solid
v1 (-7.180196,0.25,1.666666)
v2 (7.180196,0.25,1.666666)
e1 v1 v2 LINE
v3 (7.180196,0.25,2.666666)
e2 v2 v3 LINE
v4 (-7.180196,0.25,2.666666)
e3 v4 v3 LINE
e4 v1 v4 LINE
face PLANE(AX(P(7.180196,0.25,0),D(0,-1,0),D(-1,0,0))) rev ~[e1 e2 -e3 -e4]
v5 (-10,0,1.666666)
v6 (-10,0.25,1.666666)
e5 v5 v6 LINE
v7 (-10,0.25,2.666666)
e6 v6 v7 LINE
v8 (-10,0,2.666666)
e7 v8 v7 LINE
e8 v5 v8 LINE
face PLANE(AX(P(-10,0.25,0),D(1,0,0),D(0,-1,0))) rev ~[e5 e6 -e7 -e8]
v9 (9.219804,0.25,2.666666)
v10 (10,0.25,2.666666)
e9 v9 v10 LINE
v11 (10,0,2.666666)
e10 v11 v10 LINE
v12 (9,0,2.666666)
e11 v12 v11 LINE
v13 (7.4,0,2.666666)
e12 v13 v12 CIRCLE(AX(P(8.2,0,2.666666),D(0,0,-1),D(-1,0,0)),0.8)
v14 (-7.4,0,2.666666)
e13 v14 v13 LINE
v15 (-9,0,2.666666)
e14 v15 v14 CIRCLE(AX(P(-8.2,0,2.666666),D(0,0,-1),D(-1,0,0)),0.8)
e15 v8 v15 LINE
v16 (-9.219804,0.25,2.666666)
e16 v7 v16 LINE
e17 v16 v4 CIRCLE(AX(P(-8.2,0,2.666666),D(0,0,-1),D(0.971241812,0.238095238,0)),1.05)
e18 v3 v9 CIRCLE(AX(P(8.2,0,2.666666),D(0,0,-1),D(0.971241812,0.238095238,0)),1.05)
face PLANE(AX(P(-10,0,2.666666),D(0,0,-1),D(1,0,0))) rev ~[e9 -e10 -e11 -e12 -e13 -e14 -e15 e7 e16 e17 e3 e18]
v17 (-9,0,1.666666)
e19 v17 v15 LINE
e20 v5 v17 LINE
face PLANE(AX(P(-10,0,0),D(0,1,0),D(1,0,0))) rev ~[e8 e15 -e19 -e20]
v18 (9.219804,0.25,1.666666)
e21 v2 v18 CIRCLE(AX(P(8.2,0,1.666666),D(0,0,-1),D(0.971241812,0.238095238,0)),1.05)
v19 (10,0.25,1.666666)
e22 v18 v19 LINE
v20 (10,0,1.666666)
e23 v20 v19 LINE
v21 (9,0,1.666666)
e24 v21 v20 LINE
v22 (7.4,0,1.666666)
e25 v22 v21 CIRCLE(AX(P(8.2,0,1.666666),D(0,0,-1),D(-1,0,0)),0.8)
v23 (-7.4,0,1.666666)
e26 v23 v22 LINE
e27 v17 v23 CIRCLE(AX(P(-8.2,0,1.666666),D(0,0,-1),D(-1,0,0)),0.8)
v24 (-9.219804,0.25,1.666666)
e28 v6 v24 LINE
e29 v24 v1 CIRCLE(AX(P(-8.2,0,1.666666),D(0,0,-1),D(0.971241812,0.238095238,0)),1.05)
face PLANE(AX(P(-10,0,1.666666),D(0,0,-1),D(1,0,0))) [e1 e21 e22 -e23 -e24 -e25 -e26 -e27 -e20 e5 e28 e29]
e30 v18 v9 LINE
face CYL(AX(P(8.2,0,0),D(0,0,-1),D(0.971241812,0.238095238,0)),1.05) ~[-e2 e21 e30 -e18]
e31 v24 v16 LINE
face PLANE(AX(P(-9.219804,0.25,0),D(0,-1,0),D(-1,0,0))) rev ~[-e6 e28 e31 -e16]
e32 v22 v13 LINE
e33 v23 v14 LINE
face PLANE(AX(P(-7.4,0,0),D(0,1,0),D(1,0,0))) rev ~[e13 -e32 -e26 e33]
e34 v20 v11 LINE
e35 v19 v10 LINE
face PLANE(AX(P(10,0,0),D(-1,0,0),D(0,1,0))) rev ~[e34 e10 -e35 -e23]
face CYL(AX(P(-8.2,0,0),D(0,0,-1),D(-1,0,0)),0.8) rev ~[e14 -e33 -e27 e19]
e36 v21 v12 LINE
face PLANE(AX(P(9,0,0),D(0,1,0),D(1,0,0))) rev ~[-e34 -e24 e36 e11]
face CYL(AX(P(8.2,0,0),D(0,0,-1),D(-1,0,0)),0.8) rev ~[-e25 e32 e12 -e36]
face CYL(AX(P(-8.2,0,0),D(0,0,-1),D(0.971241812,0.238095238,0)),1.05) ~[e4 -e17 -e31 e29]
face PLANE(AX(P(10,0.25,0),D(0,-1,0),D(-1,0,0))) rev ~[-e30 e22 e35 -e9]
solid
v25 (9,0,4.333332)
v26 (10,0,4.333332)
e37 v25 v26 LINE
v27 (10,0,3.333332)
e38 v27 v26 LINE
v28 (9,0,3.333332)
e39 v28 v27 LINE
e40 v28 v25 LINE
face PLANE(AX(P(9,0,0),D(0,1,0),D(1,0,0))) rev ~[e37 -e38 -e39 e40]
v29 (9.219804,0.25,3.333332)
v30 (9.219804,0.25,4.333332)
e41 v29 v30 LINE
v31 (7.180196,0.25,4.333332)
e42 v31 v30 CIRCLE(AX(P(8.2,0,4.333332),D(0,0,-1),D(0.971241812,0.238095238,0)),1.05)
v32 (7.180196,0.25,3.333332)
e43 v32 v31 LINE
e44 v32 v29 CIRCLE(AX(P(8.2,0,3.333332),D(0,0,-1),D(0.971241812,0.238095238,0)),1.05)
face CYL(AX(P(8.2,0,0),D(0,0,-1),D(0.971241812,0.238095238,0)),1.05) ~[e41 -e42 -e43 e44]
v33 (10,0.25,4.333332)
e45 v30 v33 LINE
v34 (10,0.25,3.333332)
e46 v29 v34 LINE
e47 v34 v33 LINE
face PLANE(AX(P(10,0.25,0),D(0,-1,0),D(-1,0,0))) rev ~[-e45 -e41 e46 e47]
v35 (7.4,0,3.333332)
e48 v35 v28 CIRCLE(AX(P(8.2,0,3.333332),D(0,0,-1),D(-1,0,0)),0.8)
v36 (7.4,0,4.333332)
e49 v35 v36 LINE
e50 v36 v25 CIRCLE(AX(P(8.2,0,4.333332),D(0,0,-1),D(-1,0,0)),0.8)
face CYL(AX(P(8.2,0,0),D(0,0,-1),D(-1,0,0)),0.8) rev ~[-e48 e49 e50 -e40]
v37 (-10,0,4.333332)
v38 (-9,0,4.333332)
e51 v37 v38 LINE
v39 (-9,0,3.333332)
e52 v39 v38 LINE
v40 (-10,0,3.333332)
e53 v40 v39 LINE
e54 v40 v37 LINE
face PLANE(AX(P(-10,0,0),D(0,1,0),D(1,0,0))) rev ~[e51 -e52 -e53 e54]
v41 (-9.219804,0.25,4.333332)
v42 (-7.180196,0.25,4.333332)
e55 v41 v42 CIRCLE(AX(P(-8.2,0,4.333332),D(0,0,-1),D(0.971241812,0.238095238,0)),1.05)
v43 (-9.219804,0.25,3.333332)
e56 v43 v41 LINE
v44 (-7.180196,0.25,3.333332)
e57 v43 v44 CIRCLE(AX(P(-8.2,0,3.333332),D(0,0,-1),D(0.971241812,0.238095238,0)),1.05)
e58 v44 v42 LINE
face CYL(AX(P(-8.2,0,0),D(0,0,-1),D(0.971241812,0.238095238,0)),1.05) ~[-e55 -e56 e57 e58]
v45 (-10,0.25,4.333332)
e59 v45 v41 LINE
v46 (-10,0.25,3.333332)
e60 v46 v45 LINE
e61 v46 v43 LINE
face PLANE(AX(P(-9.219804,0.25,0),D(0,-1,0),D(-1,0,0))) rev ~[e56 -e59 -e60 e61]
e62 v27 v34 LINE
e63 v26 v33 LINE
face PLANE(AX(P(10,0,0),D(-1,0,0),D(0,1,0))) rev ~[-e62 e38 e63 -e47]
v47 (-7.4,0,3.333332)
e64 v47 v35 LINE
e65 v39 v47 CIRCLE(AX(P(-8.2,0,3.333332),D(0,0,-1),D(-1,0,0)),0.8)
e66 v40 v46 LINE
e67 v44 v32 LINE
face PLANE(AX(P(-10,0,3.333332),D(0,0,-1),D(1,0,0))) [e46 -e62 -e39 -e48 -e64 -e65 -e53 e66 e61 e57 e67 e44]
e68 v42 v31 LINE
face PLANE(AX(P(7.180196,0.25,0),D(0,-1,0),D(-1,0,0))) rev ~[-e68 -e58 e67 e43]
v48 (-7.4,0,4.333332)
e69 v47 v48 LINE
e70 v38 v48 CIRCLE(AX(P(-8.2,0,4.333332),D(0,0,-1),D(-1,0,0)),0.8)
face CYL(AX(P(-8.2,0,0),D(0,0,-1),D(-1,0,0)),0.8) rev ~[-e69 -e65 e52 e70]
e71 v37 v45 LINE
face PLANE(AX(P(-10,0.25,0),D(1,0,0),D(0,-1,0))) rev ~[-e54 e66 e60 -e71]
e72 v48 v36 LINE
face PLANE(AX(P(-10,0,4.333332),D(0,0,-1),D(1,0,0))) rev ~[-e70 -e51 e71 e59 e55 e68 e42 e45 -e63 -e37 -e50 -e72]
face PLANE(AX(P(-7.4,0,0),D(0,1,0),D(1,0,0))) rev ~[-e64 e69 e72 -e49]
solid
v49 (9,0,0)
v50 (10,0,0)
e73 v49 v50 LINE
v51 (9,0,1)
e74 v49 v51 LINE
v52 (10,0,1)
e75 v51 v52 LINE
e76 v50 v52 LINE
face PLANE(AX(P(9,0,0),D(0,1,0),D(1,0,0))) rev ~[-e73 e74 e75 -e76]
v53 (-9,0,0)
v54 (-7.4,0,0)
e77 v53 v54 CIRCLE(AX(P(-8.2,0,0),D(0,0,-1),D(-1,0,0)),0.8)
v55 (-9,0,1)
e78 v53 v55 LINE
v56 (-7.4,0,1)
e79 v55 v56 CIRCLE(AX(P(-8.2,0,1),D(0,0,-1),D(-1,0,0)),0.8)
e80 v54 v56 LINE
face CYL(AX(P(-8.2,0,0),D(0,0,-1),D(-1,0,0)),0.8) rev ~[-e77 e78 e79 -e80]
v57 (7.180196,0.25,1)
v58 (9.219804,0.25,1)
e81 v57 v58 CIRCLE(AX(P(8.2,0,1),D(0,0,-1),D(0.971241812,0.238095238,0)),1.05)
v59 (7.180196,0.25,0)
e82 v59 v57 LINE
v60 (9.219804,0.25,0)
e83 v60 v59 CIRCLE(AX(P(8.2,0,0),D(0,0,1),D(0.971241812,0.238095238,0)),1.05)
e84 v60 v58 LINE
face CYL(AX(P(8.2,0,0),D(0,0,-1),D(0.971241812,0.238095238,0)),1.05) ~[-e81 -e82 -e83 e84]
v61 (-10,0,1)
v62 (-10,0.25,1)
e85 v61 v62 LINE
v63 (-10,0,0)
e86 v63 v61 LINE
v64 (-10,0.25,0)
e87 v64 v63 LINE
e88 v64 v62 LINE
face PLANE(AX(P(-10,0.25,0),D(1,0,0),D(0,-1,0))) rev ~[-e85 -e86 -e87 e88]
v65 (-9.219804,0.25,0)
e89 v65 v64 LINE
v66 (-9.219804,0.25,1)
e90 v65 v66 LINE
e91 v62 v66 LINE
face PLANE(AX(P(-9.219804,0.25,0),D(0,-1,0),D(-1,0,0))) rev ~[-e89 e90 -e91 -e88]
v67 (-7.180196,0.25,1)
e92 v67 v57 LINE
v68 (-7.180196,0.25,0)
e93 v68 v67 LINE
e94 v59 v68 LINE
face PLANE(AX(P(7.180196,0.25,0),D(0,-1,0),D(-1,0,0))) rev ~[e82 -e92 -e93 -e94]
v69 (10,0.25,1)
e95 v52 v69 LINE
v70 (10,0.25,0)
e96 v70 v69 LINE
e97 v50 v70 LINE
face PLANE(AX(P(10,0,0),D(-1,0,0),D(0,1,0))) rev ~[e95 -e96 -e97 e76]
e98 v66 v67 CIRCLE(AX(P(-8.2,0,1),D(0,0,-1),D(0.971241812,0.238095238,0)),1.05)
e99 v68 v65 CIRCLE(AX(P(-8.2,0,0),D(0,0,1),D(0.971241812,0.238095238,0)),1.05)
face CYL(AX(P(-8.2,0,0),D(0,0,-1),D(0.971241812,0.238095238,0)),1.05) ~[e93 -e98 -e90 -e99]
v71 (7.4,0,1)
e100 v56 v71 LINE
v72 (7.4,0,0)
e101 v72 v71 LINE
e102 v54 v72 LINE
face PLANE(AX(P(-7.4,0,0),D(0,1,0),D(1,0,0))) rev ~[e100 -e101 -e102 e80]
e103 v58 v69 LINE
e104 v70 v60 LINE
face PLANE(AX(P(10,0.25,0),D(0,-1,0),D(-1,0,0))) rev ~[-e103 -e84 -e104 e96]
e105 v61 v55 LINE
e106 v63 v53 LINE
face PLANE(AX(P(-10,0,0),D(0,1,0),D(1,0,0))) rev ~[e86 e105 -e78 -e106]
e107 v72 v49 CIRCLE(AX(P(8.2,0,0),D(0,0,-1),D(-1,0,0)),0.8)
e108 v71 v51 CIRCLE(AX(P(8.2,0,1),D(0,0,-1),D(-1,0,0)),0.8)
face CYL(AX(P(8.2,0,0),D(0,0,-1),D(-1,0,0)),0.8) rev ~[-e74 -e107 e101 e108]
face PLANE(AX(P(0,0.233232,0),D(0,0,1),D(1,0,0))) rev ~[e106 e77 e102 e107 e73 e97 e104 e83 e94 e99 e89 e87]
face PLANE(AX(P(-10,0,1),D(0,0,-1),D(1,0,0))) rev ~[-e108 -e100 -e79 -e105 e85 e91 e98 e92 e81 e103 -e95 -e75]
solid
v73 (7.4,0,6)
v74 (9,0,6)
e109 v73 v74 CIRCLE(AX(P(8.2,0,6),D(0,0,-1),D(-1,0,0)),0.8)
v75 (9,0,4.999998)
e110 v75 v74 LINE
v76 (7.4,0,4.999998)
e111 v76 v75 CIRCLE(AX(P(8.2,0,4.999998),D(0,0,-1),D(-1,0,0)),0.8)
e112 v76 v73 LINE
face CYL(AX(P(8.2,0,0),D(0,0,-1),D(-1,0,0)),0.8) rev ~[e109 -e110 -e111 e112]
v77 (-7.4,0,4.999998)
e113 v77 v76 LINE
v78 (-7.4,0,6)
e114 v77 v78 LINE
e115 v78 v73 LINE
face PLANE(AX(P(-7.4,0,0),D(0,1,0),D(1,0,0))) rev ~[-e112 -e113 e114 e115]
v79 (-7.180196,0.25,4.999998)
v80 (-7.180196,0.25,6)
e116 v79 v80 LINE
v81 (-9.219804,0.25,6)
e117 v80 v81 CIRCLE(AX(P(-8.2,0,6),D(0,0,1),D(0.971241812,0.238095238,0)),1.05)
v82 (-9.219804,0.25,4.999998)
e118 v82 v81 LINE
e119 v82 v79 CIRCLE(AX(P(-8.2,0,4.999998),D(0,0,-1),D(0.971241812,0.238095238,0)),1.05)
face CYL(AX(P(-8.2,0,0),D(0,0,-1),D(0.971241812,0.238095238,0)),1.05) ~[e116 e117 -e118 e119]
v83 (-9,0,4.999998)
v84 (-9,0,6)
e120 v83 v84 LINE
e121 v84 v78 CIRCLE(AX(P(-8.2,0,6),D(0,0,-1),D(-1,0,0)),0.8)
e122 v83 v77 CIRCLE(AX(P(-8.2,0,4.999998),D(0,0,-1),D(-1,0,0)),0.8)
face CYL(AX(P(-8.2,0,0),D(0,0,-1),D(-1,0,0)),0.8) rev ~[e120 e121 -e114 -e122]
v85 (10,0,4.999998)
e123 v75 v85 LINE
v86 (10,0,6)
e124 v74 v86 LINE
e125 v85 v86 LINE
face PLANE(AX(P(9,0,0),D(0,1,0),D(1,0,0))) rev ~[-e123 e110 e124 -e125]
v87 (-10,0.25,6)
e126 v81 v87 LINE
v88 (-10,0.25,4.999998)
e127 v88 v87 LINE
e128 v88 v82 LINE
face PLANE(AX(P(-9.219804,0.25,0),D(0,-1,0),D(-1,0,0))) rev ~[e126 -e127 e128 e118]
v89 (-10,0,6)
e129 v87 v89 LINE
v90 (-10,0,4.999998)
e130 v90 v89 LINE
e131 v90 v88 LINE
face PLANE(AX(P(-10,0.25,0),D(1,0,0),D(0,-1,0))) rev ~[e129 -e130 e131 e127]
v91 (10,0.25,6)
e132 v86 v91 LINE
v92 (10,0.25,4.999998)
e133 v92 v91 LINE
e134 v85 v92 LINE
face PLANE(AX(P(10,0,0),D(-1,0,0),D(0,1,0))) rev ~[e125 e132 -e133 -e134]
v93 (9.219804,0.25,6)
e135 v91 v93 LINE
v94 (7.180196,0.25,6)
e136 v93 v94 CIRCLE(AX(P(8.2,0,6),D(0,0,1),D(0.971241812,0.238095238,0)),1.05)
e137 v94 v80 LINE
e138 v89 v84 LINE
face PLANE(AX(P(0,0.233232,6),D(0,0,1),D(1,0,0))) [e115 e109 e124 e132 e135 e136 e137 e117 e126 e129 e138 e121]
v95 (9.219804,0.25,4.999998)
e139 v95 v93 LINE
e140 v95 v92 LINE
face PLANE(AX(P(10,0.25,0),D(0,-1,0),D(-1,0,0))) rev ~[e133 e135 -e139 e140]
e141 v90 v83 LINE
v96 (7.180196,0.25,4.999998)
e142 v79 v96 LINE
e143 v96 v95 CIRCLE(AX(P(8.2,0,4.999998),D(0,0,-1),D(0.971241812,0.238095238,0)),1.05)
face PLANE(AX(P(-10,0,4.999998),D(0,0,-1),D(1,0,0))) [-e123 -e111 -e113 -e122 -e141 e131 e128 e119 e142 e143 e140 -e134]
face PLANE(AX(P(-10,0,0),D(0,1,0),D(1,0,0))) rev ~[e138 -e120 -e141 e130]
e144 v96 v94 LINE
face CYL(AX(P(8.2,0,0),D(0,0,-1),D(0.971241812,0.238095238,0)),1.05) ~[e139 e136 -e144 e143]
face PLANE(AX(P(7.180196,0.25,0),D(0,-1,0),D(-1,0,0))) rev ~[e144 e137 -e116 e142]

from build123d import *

# Parameters (mm, degrees)
EXTRUDE_THIN1_DEPTH = 6
SKETCH2_W           = 20
SKETCH2_H           = 0.666666
EXTRUDE1_DEPTH      = 2.05


with BuildPart() as part:
    # Sketch1 → Extrude-Thin1 (new body)
    with BuildSketch(Plane.XY):
        with BuildLine():
            Line((-10, 0), (-9, 0))
            ThreePointArc((-9, 0), (-8.2, 0.8), (-7.4, 0))
            Line((-7.4, 0), (7.4, 0))
            ThreePointArc((7.4, 0), (8.2, 0.8), (9, 0))
            Line((9, 0), (10, 0))
            Line((10, 0), (10, 0.25))
            Line((10, 0.25), (9.219803903, 0.25))
            ThreePointArc((9.219803903, 0.25), (8.2, 1.05), (7.180196097, 0.25))
            Line((7.180196097, 0.25), (-7.180196097, 0.25))
            ThreePointArc((-7.180196097, 0.25), (-8.2, 1.05), (-9.219803903, 0.25))
            Line((-9.219803903, 0.25), (-10, 0.25))
            Line((-10, 0.25), (-10, 0))
        make_face()
    extrude(amount=EXTRUDE_THIN1_DEPTH)

    # Sketch2 → Extrude1 (cut, through all)
    with BuildSketch(Plane(origin=(0, 0, 0), x_dir=(1, 0, 0), z_dir=(0, 1, 0))):
        with Locations((0, -1.333333)):
            Rectangle(SKETCH2_W, SKETCH2_H)
        with Locations((0, -2.999999)):
            Rectangle(SKETCH2_W, SKETCH2_H)
        with Locations((0, -4.666665)):
            Rectangle(SKETCH2_W, SKETCH2_H)
    extrude(amount=EXTRUDE1_DEPTH, mode=Mode.SUBTRACT)


solid = part.part
